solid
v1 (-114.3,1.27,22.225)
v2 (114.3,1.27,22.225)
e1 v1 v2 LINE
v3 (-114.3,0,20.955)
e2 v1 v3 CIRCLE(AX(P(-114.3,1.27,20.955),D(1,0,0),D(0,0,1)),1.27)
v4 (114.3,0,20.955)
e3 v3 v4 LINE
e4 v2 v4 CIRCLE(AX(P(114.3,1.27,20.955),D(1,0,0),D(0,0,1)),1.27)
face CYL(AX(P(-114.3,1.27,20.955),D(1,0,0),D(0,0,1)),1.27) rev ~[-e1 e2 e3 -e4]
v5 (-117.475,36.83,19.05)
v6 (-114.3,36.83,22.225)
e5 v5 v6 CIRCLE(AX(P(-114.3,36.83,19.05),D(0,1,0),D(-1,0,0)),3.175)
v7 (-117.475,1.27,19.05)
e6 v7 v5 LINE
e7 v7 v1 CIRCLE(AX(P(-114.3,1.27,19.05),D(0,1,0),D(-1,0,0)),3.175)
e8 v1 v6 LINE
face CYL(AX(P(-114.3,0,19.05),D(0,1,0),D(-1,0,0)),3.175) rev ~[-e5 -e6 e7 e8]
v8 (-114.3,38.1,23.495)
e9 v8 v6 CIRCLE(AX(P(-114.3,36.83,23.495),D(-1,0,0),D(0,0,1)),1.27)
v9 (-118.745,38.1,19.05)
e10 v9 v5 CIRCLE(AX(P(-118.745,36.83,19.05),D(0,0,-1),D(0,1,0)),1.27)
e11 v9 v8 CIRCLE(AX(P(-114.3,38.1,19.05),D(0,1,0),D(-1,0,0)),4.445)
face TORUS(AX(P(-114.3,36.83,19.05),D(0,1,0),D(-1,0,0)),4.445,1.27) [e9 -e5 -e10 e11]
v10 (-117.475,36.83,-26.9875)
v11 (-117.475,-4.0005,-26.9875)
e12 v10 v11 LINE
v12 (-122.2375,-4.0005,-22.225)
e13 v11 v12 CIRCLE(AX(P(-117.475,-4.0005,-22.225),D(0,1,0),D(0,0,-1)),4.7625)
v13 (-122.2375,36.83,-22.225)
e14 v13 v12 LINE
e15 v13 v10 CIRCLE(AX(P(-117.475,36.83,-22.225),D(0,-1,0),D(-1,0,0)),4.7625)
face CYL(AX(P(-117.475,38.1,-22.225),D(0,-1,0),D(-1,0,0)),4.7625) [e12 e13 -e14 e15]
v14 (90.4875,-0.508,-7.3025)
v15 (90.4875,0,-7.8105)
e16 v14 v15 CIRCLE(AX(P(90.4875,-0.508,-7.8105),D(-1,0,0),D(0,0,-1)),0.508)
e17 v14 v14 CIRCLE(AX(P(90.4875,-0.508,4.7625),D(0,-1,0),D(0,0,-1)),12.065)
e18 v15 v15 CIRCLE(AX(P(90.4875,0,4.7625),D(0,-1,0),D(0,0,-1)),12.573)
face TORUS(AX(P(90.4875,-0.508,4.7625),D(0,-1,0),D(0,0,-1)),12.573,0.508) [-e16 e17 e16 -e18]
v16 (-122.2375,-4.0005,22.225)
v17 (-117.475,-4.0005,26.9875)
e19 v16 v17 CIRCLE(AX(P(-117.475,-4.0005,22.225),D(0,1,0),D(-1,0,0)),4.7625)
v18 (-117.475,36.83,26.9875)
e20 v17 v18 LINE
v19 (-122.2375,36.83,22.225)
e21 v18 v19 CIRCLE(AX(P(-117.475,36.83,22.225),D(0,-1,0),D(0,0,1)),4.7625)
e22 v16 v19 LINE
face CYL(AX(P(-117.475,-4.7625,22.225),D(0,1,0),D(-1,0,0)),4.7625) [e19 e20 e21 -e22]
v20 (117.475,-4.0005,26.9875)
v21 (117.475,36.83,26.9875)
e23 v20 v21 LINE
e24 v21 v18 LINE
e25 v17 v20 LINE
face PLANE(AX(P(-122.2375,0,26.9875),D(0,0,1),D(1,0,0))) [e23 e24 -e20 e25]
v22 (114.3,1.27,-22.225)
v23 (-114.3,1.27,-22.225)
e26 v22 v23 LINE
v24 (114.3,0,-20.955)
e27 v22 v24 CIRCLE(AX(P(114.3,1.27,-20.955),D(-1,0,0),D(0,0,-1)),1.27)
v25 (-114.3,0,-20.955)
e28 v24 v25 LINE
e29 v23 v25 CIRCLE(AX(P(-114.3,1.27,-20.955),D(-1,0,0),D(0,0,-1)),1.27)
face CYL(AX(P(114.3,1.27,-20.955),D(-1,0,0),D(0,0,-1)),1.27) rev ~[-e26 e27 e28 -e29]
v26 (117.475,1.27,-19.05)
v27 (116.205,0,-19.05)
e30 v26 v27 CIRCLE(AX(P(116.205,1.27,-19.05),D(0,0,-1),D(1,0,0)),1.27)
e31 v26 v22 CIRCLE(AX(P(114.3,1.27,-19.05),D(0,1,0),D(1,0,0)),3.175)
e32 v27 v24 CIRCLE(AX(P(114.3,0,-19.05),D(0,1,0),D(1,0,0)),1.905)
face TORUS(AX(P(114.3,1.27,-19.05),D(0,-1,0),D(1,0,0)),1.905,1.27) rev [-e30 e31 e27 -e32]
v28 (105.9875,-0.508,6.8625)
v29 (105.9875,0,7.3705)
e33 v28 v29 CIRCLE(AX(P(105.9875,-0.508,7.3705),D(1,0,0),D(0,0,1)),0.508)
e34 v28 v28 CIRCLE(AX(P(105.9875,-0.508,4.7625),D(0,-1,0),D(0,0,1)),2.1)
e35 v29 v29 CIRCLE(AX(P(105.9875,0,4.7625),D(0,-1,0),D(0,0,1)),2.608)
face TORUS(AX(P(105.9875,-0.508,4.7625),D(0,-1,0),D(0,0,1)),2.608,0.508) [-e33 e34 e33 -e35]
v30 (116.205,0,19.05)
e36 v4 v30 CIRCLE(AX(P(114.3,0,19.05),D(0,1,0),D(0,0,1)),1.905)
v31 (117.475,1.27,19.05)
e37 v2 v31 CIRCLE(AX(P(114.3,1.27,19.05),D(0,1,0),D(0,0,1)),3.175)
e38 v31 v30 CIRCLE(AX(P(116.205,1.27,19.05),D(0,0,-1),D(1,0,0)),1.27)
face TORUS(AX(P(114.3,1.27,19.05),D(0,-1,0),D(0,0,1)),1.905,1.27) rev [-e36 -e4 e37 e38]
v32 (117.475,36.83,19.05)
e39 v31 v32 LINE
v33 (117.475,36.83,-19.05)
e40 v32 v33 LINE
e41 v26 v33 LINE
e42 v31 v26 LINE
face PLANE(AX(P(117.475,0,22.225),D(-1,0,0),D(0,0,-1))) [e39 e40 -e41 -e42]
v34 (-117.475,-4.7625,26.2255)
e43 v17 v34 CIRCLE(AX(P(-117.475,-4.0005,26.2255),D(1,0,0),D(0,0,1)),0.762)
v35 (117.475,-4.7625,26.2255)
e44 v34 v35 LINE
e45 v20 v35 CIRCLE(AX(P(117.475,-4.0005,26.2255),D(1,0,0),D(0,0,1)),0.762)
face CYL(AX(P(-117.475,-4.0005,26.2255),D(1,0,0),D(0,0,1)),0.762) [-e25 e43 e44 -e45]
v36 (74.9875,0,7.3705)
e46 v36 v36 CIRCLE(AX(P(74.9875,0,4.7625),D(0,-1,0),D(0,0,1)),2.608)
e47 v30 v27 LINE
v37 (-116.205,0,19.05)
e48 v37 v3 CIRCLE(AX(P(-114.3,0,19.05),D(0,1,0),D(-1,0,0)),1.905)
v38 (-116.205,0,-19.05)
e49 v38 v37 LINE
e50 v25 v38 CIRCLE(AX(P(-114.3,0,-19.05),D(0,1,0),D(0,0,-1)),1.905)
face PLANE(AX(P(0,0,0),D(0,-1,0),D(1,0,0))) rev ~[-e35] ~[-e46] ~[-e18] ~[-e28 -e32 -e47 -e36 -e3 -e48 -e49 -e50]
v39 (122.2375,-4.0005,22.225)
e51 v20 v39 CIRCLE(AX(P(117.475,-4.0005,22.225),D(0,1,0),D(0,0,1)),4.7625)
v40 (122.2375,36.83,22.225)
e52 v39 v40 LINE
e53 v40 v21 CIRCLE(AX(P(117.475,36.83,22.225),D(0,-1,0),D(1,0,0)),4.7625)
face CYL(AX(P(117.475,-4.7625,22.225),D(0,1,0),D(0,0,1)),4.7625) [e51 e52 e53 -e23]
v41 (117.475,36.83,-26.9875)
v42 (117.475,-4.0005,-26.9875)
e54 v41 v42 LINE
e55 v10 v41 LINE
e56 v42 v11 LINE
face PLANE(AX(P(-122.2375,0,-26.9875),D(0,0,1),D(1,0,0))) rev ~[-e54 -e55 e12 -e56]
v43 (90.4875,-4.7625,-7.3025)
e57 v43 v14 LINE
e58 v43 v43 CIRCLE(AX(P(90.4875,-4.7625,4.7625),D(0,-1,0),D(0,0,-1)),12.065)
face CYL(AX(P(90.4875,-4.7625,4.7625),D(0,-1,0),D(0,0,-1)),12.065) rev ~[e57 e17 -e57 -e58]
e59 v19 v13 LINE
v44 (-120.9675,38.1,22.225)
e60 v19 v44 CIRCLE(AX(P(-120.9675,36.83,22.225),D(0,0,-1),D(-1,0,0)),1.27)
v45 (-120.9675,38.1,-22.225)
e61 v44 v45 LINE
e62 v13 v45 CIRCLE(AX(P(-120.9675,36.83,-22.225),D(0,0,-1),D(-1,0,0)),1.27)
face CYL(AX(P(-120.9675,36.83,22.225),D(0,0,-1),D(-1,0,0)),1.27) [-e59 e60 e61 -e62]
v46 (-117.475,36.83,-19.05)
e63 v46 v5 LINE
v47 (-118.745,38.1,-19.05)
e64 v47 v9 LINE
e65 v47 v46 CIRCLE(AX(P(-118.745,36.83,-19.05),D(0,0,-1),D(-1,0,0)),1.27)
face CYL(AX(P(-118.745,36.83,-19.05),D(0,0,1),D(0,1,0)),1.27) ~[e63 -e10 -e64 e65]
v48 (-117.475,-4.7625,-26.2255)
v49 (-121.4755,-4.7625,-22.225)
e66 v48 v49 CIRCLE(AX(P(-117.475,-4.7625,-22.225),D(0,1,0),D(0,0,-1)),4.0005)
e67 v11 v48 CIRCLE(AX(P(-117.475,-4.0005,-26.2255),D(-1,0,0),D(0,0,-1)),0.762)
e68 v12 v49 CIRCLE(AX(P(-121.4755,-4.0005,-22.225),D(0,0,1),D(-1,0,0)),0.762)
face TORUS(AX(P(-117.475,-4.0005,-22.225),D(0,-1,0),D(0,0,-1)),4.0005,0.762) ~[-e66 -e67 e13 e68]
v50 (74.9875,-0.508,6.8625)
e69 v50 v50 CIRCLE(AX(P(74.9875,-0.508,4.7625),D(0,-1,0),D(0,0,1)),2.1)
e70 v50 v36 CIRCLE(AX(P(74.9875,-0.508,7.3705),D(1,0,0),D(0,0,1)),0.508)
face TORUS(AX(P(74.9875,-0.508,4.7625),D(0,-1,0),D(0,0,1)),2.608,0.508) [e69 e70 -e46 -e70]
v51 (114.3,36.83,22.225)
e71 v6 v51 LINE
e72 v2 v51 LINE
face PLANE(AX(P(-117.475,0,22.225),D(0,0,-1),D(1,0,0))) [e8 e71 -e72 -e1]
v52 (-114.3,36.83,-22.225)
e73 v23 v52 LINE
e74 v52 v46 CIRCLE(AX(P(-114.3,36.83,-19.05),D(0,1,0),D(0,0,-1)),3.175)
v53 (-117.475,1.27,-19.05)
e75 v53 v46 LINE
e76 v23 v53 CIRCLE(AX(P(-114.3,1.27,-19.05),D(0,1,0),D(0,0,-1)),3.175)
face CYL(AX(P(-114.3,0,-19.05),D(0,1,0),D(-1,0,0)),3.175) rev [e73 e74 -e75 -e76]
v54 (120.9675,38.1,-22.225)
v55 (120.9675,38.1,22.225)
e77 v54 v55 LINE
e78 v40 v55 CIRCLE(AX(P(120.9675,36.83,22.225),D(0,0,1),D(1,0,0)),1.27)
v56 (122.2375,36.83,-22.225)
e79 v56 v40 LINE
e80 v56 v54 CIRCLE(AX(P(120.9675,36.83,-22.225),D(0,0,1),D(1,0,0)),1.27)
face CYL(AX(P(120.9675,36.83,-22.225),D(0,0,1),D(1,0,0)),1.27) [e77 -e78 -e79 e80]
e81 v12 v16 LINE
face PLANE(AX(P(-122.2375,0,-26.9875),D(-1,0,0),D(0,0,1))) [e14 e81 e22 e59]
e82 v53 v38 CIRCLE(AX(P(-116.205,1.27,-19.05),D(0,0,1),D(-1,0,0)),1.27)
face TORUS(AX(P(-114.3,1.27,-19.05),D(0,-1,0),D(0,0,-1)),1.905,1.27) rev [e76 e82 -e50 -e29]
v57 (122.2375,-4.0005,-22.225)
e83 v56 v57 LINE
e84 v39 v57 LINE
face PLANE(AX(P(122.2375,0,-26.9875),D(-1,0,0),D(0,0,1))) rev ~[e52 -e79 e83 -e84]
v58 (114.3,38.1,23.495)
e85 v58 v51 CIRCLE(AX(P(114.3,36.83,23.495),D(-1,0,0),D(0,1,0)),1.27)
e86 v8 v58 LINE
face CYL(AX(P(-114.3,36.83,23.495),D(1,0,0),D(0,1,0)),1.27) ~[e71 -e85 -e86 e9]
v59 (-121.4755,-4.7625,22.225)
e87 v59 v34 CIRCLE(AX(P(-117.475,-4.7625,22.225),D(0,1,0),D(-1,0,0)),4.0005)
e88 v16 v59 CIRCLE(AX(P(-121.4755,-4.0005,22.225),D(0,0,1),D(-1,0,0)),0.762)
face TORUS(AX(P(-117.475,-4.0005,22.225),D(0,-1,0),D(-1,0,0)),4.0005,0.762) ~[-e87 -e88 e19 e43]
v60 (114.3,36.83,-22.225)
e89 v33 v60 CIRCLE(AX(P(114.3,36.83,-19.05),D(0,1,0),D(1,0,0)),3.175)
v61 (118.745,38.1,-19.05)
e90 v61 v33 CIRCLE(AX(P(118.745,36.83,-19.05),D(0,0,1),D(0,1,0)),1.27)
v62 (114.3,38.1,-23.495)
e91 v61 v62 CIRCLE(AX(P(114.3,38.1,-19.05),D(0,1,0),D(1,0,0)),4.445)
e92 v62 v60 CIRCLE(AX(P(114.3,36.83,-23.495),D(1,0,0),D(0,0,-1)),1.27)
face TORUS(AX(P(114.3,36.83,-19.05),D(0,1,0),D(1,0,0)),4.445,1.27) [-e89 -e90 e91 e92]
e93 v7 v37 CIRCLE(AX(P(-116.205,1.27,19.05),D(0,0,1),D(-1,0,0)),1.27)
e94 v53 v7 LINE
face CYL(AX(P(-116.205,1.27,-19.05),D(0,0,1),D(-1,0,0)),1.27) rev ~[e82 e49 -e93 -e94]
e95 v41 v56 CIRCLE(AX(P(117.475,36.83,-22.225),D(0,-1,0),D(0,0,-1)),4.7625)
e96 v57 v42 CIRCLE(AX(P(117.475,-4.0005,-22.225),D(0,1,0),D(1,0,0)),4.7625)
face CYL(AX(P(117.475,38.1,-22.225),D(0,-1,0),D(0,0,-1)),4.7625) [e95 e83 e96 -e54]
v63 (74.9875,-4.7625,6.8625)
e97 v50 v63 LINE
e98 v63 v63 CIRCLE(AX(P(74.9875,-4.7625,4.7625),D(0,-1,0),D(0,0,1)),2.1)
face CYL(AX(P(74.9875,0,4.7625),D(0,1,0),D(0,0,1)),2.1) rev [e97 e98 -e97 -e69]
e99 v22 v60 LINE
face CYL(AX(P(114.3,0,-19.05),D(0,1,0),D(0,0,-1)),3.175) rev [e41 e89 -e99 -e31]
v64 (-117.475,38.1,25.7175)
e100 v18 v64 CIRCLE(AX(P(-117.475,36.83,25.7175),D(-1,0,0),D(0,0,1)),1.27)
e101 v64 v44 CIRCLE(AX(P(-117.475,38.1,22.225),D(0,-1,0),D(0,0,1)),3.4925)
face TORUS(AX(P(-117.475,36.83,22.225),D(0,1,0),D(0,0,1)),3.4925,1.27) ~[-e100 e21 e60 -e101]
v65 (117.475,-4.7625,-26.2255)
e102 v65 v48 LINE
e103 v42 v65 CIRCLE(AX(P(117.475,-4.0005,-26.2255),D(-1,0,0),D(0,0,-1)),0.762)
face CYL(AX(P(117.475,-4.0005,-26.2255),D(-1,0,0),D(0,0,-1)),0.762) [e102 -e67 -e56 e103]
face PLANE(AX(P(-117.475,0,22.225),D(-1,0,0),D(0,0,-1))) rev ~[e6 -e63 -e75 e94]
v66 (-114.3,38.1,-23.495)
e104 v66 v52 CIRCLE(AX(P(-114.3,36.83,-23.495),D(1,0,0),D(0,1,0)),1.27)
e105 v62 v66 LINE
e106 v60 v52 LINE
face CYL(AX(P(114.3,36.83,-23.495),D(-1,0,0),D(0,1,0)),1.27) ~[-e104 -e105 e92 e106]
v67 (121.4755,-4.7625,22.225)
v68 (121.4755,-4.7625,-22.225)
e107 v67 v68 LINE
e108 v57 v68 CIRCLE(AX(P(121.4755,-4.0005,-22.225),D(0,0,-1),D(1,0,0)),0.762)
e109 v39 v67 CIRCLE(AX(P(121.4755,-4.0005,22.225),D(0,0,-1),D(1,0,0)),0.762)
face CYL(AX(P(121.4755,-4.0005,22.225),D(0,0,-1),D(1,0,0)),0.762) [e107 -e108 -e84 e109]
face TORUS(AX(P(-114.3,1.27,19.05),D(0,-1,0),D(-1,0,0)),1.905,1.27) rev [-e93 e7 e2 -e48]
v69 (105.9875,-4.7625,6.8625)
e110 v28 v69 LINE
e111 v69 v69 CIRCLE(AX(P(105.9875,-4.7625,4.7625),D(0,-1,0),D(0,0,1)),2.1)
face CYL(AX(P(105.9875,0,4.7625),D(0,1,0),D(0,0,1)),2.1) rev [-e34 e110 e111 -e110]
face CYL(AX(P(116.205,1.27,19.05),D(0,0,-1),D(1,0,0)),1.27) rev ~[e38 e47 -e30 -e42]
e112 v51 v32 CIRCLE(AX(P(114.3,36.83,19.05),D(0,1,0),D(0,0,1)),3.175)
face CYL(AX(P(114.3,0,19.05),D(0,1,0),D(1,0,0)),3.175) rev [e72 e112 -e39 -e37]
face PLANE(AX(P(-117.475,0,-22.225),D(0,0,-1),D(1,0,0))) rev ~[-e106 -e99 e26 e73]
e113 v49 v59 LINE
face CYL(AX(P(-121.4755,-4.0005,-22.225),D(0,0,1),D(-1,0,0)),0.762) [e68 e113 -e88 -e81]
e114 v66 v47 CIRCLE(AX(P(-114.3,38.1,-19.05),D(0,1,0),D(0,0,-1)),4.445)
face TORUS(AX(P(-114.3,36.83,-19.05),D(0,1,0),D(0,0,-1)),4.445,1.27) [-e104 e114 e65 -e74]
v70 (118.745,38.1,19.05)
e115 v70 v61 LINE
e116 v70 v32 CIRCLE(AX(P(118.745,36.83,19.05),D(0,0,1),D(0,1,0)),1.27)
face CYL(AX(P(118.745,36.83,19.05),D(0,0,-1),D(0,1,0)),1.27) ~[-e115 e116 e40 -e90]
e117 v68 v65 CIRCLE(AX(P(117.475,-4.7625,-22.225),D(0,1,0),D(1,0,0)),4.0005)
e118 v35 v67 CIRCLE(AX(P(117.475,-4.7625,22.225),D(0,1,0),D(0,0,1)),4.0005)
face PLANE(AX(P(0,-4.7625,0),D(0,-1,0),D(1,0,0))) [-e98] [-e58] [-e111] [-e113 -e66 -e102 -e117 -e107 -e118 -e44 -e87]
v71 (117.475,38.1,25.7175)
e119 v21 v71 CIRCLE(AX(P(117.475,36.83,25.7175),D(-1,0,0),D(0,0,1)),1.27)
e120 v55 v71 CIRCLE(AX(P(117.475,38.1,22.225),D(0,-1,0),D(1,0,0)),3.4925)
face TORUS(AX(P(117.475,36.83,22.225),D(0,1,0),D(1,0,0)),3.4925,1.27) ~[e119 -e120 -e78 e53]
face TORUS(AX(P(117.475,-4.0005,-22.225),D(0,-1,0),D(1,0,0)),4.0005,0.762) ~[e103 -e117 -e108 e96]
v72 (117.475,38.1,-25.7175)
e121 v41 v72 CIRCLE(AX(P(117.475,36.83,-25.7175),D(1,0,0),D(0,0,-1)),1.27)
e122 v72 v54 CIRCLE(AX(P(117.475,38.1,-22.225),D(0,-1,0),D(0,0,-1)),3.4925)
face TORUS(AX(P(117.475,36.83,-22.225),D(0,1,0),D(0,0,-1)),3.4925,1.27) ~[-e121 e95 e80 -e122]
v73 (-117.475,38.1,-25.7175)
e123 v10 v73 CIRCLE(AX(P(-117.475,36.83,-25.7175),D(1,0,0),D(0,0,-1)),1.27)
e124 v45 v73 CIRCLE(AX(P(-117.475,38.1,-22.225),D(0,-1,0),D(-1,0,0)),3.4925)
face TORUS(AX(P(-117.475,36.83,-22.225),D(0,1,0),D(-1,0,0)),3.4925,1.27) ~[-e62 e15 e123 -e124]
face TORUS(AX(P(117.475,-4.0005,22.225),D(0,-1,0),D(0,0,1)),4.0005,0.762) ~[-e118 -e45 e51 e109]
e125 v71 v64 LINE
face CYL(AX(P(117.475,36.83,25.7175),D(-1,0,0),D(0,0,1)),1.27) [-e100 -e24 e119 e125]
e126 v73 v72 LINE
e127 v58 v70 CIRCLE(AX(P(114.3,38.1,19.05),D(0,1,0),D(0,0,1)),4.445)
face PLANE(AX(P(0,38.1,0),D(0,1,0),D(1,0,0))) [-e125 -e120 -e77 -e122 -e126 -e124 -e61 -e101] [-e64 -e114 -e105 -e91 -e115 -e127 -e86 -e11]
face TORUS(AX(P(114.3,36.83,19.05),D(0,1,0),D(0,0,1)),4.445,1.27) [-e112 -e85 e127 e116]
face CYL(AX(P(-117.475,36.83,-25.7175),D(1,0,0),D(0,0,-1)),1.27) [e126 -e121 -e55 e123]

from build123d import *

# Parameters (mm, degrees)
SKETCH1_W           = 244.475
SKETCH1_H           = 53.975
SKETCH1_W_2         = 234.95
SKETCH1_H_2         = 44.45
BOSS_EXTRUDE1_DEPTH = 38.1
SKETCH2_W           = 244.475
SKETCH2_H           = 53.975
BOSS_EXTRUDE2_DEPTH = 4.7625
FILLET1_R           = 3.175
FILLET2_R           = 4.7625
SKETCH4_R           = 12.065
CUT_EXTRUDE2_DEPTH  = 133.316006094
FILLET4_R           = 1.27
FILLET5_R           = 0.762
FILLET6_R           = 1.27
FILLET9_R           = 0.508


with BuildPart() as part:
    # Sketch1 → Boss-Extrude1 (new body)
    with BuildSketch(Plane(origin=(0, 0, 0), x_dir=(1, 0, 0), z_dir=(0, 1, 0))):
        Rectangle(SKETCH1_W, SKETCH1_H)
        Rectangle(SKETCH1_W_2, SKETCH1_H_2, mode=Mode.SUBTRACT)
    extrude(amount=BOSS_EXTRUDE1_DEPTH)

    # Sketch2 → Boss-Extrude2 (add)
    with BuildSketch(Plane.XZ):
        Rectangle(SKETCH2_W, SKETCH2_H)
        with BuildLine():
            ThreePointArc((105.9875, 2.6625), (108.0875, 4.7625), (105.9875, 6.8625))
            ThreePointArc((105.9875, 6.8625), (103.8875, 4.7625), (105.9875, 2.6625))
        make_face(mode=Mode.SUBTRACT)
        with BuildLine():
            ThreePointArc((74.9875, 2.6625), (77.0875, 4.7625), (74.9875, 6.8625))
            ThreePointArc((74.9875, 6.8625), (72.8875, 4.7625), (74.9875, 2.6625))
        make_face(mode=Mode.SUBTRACT)
    extrude(amount=BOSS_EXTRUDE2_DEPTH)

    # Fillet1
    fillet1_edges = [part.edges().sort_by_distance(p)[0] for p in [
        (117.475, 19.05, -22.225),
        (117.475, 19.05, 22.225),
        (-117.475, 19.05, 22.225),
        (-117.475, 19.05, -22.225),
    ]]
    fillet(fillet1_edges, radius=FILLET1_R)

    # Fillet2
    fillet2_edges = [part.edges().sort_by_distance(p)[0] for p in [
        (-122.2375, 16.66875, -26.9875),
        (122.2375, 16.66875, -26.9875),
        (122.2375, 16.66875, 26.9875),
        (-122.2375, 16.66875, 26.9875),
    ]]
    fillet(fillet2_edges, radius=FILLET2_R)

    # Sketch4 → Cut-Extrude2 (cut, through all)
    with BuildSketch(Plane.XZ.offset(4.7625)):
        with Locations((90.4875, 4.7625)):
            Circle(SKETCH4_R)
    extrude(amount=-CUT_EXTRUDE2_DEPTH, mode=Mode.SUBTRACT)

    # Fillet4
    fillet4_edges = [part.edges().sort_by_distance(p)[0] for p in [
        (116.54506403, 0, -21.29506403),
        (117.475, 0, 0),
        (116.54506403, 0, 21.29506403),
        (0, 0, 22.225),
        (-116.54506403, 0, 21.29506403),
        (-117.475, 0, 0),
        (-116.54506403, 0, -21.29506403),
        (0, 0, -22.225),
    ]]
    fillet(fillet4_edges, radius=FILLET4_R)

    # Fillet5
    fillet5_edges = [part.edges().sort_by_distance(p)[0] for p in [
        (-120.842596045, -4.7625, 25.592596045),
        (0, -4.7625, 26.9875),
        (120.842596045, -4.7625, 25.592596045),
        (122.2375, -4.7625, 0),
        (120.842596045, -4.7625, -25.592596045),
        (0, -4.7625, -26.9875),
        (-120.842596045, -4.7625, -25.592596045),
        (-122.2375, -4.7625, 0),
    ]]
    fillet(fillet5_edges, radius=FILLET5_R)

    # Fillet6
    fillet6_edges = [part.edges().sort_by_distance(p)[0] for p in [
        (116.54506403, 38.1, -21.29506403),
        (117.475, 38.1, 0),
        (116.54506403, 38.1, 21.29506403),
        (0, 38.1, 22.225),
        (-116.54506403, 38.1, 21.29506403),
        (-117.475, 38.1, 0),
        (-116.54506403, 38.1, -21.29506403),
        (120.842596045, 38.1, -25.592596045),
        (122.2375, 38.1, 0),
        (120.842596045, 38.1, 25.592596045),
        (0, 38.1, 26.9875),
        (-120.842596045, 38.1, 25.592596045),
        (-122.2375, 38.1, 0),
        (-120.842596045, 38.1, -25.592596045),
        (0, 38.1, -22.225),
        (0, 38.1, -26.9875),
    ]]
    fillet(fillet6_edges, radius=FILLET6_R)

    # Fillet9
    fillet9_edges = [part.edges().sort_by_distance(p)[0] for p in [
        (105.9875, 0, 2.6625),
        (74.9875, 0, 2.6625),
        (78.4225, 0, 4.7625),
    ]]
    fillet(fillet9_edges, radius=FILLET9_R)


solid = part.part
